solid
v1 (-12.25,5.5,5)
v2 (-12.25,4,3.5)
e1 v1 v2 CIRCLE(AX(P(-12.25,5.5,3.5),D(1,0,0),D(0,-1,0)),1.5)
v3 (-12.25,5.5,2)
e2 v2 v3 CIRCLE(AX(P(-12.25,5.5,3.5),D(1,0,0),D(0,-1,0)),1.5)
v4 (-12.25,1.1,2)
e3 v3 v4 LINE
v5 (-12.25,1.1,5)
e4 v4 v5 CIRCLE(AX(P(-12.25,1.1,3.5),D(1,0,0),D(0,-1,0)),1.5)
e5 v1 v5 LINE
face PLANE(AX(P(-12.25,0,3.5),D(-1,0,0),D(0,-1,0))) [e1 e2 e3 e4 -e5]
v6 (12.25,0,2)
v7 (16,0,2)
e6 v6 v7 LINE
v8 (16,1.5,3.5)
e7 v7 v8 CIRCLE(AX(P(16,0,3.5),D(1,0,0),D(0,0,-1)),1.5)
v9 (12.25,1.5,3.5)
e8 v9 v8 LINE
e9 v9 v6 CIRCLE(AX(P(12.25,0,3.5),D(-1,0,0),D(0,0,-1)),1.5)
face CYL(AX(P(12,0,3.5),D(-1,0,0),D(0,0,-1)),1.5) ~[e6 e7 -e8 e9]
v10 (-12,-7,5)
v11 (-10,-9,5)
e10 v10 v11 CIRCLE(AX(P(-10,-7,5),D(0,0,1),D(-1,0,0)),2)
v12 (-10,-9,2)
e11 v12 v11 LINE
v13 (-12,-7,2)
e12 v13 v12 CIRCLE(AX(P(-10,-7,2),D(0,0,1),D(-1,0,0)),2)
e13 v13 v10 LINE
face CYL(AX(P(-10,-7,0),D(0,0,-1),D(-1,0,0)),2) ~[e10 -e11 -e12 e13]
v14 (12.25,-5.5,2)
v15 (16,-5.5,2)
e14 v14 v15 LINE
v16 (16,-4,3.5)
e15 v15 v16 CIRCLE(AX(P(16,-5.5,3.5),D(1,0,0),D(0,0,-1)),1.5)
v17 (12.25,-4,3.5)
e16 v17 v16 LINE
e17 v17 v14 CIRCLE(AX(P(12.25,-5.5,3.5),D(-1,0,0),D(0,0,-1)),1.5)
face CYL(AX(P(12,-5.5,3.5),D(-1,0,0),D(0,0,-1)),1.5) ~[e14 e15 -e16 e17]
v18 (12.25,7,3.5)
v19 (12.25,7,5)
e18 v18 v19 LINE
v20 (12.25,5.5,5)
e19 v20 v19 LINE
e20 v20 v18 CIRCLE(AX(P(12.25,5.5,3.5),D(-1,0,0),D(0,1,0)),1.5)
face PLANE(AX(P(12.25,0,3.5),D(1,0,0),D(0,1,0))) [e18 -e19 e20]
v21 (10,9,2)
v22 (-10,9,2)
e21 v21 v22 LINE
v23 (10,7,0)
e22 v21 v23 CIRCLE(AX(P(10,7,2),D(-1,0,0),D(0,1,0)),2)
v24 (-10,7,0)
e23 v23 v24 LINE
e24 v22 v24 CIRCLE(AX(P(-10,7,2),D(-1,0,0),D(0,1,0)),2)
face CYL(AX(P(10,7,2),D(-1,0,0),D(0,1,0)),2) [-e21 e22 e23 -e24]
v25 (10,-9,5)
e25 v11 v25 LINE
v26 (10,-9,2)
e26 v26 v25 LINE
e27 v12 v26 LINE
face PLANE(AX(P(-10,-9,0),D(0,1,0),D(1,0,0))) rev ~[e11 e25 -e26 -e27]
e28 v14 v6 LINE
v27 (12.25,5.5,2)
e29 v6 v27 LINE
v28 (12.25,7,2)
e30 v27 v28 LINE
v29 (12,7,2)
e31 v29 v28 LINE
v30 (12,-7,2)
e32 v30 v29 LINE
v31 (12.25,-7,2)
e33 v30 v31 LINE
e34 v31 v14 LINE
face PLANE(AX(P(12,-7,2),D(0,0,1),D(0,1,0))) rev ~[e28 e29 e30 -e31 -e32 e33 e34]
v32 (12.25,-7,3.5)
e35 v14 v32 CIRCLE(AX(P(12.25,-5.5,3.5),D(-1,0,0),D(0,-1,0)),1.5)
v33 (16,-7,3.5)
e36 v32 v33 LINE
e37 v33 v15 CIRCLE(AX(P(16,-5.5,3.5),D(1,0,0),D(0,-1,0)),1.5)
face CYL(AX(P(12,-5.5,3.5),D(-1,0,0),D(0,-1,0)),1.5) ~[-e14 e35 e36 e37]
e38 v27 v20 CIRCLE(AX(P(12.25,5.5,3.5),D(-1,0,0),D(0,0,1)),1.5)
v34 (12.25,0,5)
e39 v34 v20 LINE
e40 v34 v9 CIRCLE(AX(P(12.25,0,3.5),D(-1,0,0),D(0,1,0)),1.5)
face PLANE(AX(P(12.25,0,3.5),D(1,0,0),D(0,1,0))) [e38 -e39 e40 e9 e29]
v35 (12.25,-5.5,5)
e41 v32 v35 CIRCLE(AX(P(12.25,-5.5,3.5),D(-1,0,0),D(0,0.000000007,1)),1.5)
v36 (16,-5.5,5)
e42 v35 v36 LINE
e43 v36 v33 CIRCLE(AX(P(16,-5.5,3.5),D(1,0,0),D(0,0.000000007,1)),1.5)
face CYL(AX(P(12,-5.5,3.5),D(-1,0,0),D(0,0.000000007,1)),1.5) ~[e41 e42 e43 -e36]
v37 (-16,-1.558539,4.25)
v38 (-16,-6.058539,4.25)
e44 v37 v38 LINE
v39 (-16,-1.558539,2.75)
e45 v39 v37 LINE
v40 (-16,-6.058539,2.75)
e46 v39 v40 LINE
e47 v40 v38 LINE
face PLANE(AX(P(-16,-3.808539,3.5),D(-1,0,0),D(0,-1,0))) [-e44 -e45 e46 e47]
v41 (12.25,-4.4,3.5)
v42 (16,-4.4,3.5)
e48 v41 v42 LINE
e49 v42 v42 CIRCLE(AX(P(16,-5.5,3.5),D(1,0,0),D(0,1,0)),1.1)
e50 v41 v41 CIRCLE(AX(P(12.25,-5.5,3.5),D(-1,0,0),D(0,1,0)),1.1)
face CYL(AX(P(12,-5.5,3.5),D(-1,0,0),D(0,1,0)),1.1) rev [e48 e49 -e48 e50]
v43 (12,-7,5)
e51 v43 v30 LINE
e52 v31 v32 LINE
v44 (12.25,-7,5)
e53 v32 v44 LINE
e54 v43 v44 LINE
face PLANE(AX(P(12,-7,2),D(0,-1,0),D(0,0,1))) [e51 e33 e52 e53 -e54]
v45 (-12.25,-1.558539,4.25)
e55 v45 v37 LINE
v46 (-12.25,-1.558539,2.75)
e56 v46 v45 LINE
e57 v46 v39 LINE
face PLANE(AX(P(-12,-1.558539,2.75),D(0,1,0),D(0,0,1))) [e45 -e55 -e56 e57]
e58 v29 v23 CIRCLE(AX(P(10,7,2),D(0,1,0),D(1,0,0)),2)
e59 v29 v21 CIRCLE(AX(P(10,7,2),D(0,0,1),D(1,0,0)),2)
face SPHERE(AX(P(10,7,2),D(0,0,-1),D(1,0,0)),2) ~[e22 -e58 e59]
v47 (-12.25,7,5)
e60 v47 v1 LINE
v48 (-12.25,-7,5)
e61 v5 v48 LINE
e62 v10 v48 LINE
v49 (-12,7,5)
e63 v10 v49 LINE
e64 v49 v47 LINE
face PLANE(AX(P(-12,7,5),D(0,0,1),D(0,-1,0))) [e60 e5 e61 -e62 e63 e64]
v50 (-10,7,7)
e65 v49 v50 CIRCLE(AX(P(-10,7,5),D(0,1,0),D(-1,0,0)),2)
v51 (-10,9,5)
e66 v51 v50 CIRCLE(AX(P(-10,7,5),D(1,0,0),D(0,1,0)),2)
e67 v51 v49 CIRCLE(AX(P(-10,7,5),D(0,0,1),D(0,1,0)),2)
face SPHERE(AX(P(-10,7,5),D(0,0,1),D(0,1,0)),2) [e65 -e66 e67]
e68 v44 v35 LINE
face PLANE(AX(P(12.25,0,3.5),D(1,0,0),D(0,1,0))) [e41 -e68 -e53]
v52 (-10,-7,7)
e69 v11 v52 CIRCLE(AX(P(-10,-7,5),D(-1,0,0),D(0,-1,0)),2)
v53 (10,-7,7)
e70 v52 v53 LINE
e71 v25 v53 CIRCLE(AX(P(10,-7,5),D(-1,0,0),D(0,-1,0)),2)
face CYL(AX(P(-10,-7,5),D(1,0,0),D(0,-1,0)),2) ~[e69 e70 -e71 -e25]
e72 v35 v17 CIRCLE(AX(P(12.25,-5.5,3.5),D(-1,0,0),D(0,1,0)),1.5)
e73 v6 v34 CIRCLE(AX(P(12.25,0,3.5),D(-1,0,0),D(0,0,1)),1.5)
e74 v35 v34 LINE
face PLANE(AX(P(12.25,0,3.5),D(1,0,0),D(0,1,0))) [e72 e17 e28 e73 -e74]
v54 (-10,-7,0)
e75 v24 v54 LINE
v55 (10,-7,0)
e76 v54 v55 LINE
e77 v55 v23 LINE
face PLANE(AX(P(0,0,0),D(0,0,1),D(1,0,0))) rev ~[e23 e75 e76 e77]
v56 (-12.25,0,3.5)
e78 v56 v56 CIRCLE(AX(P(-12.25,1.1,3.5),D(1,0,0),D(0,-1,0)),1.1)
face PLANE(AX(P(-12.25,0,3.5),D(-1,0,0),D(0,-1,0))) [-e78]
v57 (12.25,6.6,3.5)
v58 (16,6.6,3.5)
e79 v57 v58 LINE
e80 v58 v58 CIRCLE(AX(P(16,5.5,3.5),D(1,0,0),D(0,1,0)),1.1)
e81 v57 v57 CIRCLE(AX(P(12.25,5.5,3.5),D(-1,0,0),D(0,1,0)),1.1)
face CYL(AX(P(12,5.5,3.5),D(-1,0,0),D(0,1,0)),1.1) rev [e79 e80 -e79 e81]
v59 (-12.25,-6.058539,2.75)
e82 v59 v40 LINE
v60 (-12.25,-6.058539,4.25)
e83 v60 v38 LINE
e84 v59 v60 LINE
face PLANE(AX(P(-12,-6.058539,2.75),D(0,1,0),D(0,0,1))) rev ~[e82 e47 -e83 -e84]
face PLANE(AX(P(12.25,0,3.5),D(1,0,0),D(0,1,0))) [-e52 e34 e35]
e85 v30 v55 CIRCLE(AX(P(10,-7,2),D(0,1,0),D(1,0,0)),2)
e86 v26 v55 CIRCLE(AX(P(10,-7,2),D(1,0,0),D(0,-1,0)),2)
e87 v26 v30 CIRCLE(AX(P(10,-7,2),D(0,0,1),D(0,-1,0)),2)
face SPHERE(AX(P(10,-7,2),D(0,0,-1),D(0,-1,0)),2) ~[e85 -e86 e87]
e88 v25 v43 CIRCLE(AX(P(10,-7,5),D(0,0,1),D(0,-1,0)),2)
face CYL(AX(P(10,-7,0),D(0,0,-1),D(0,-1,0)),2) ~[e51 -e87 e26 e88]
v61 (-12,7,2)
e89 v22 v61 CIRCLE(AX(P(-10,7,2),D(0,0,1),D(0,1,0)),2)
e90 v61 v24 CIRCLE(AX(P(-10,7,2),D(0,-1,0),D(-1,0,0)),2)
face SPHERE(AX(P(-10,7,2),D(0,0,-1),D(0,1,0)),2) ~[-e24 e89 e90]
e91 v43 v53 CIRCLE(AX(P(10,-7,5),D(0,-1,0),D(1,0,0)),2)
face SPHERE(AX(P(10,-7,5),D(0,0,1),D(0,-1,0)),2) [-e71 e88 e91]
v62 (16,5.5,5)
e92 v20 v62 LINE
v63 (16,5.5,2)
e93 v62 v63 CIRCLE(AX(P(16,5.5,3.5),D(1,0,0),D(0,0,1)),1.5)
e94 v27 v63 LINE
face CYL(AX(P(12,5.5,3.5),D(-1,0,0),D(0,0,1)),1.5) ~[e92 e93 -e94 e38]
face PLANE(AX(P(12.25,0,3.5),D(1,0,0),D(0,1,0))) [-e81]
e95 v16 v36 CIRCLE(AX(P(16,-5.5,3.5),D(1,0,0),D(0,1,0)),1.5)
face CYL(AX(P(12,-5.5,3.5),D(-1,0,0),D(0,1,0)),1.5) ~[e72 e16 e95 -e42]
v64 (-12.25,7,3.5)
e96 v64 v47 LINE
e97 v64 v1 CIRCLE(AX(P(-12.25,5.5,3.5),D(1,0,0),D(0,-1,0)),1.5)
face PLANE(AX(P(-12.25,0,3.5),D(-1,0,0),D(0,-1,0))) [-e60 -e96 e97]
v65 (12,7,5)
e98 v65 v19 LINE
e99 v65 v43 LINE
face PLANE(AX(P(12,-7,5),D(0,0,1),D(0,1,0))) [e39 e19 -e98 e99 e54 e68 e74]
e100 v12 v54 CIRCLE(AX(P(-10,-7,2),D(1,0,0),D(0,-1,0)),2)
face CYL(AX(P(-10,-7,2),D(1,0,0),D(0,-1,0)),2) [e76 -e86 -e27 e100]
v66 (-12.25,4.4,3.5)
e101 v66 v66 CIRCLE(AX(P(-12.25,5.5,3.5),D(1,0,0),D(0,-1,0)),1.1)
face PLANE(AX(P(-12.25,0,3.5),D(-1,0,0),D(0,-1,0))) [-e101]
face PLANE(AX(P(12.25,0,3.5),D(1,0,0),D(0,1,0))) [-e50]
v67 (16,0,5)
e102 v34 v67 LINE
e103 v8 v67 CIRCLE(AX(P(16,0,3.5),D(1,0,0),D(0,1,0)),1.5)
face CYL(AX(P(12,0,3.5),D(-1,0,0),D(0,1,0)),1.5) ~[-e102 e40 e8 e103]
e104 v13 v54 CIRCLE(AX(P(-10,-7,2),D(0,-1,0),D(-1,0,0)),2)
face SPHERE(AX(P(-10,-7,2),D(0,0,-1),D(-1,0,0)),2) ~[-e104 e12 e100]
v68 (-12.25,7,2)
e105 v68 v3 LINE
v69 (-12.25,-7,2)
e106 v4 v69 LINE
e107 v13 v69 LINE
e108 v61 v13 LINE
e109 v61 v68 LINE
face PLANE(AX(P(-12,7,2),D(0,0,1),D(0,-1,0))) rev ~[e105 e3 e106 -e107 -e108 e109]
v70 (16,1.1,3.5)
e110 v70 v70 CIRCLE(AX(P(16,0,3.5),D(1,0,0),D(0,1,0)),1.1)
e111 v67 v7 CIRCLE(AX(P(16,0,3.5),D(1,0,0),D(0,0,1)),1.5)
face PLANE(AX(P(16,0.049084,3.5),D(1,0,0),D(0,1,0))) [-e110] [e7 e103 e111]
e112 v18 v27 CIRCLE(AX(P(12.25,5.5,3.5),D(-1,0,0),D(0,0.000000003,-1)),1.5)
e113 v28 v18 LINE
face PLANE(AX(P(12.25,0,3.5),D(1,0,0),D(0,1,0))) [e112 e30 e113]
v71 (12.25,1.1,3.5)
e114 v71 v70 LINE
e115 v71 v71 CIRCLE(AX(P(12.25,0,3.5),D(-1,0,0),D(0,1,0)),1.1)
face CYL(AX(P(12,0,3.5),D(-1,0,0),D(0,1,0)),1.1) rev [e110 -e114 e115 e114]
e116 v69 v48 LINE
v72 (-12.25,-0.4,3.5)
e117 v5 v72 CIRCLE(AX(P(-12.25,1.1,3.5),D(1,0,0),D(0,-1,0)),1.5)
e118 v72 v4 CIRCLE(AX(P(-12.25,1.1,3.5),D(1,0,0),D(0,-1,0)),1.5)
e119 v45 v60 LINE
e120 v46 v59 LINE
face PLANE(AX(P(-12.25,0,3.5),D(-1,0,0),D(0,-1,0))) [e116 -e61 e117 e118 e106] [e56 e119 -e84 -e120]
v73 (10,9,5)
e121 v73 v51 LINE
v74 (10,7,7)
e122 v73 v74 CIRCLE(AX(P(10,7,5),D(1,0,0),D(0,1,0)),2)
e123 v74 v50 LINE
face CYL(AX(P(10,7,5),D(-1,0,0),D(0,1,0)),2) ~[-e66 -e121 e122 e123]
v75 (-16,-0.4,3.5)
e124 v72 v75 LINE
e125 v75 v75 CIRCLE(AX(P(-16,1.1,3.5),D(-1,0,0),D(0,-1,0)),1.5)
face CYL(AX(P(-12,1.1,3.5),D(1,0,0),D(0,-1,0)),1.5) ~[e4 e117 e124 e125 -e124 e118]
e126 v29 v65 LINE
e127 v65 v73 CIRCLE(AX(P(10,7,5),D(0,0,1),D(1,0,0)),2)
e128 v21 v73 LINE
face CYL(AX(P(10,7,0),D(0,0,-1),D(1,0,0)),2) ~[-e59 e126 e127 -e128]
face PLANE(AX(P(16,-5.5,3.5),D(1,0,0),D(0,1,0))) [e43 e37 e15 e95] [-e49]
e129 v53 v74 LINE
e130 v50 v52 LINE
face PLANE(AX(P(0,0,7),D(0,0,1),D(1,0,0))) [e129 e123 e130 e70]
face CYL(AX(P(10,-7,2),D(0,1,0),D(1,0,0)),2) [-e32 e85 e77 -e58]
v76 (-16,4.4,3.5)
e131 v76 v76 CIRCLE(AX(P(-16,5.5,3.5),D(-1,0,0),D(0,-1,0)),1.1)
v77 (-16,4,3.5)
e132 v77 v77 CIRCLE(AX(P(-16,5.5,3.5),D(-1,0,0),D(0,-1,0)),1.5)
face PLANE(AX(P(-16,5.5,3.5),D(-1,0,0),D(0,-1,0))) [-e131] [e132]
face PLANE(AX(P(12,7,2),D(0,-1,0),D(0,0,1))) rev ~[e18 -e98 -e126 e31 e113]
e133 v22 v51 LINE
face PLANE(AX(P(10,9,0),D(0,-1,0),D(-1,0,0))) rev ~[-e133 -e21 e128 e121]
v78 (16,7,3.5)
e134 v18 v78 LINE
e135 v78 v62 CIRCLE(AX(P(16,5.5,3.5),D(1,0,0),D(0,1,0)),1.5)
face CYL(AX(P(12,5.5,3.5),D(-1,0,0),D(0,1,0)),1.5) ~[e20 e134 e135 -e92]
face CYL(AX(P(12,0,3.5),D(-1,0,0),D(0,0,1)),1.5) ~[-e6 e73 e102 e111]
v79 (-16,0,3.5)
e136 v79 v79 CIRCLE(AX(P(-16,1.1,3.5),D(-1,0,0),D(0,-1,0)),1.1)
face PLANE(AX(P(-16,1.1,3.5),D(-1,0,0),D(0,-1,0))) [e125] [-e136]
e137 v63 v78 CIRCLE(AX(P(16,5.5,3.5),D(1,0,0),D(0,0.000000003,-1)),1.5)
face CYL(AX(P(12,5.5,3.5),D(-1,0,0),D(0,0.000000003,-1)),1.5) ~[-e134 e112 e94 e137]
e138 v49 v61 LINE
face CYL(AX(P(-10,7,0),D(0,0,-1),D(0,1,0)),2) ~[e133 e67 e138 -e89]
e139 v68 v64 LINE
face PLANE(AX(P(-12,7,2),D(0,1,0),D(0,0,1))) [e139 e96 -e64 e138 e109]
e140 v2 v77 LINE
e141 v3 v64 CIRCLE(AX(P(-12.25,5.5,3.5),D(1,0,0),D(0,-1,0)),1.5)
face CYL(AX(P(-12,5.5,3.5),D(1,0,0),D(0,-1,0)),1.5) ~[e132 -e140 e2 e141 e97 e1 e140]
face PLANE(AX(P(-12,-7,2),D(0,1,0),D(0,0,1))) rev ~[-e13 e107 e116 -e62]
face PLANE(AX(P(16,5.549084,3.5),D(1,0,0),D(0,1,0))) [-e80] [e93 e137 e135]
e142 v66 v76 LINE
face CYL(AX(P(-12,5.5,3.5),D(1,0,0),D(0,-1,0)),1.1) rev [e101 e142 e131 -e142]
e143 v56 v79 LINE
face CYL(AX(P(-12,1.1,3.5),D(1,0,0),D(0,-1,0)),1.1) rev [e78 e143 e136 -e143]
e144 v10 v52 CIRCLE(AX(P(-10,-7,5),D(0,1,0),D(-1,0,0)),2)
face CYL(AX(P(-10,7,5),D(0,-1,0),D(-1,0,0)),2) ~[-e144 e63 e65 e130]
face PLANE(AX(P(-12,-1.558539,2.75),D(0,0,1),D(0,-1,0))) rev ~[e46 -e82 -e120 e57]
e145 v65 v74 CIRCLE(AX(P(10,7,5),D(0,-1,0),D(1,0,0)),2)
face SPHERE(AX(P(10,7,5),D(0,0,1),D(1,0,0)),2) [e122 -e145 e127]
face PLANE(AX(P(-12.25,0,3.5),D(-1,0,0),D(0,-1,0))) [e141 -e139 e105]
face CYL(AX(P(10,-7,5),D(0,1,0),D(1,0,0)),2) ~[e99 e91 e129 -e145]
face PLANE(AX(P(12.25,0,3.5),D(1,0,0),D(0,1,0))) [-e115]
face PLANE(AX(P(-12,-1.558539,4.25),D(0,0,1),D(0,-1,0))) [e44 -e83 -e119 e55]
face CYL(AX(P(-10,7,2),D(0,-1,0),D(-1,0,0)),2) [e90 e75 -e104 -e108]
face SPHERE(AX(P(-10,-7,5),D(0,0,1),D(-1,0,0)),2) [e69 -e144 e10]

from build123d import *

# Parameters (mm, degrees)
F1_DEPTH  = 7
F2_R      = 2
F3_R      = 1.1
F4_DEPTH  = 4
F5_R      = 1.5
F5_R_2    = 1.1
F6_DEPTH  = 4
F5_W      = 4.5
F5_H      = 1.5
F7_W      = 14
F7_H      = 3
F8_DEPTH  = 0.25
F9_W      = 14
F9_H      = 3
F10_DEPTH = 0.25


with BuildPart() as f1:
    # F0 (on Top) → F1 (new body)
    with BuildSketch(Plane.XY):
        with BuildLine():
            ThreePointArc((12, 7), (11.4142135624, 8.4142135624), (10, 9))
            Line((10, 9), (-10, 9))
            ThreePointArc((-10, 9), (-11.4142135624, 8.4142135624), (-12, 7))
            Line((-12, 7), (-12, -7))
            ThreePointArc((-12, -7), (-11.4142135624, -8.4142135624), (-10, -9))
            Line((-10, -9), (10, -9))
            ThreePointArc((10, -9), (11.4142135624, -8.4142135624), (12, -7))
            Line((12, -7), (12, 7))
        make_face()
    extrude(amount=F1_DEPTH)

    # F2
    f2_edges = [f1.edges().sort_by_distance(p)[0] for p in [
        (11.414214, 8.414214, 7),
        (0, 9, 7),
        (-11.414214, 8.414214, 7),
        (-12, 0, 7),
        (-11.414214, -8.414214, 7),
        (0, -9, 7),
        (11.414214, -8.414214, 7),
        (12, 0, 7),
        (11.414214, 8.414214, 0),
        (0, 9, 0),
        (-11.414214, 8.414214, 0),
        (-12, 0, 0),
        (-11.414214, -8.414214, 0),
        (0, -9, 0),
        (11.414214, -8.414214, 0),
        (12, 0, 0),
    ]]
    fillet(f2_edges, radius=F2_R)



with BuildPart() as f4:
    # F3 (on face) → F4 (new body)
    with BuildSketch(Plane.YZ.offset(12)):
        with BuildLine():
            ThreePointArc((-4, 3.5), (-4.4393398246, 4.5606601681), (-5.4999999897, 5))
            ThreePointArc((-5.4999999897, 5), (-6.5606601681, 4.5606601754), (-7, 3.5))
            ThreePointArc((-7, 3.5), (-6.5606601718, 2.4393398282), (-5.5, 2))
            ThreePointArc((-5.5, 2), (-4.4393398282, 2.4393398282), (-4, 3.5))
        make_face()
        with Locations((-5.5, 3.5)):
            Circle(F3_R, mode=Mode.SUBTRACT)
    extrude(amount=F4_DEPTH)


with BuildPart() as f4b:
    # F3 (on face) → F4, piece 2 (new body)
    with BuildSketch(Plane.YZ.offset(12)):
        with BuildLine():
            ThreePointArc((0, 2), (1.0606601718, 2.4393398282), (1.5, 3.5))
            ThreePointArc((1.5, 3.5), (1.0606601718, 4.5606601718), (0, 5))
            ThreePointArc((0, 5), (-1.5, 3.5), (0, 2))
        make_face()
        with Locations((0, 3.5)):
            Circle(F3_R, mode=Mode.SUBTRACT)
    extrude(amount=F4_DEPTH)


with BuildPart() as f4c:
    # F3 (on face) → F4, piece 3 (new body)
    with BuildSketch(Plane.YZ.offset(12)):
        with BuildLine():
            ThreePointArc((7, 3.5), (6.5606601718, 4.5606601718), (5.5, 5))
            ThreePointArc((5.5, 5), (4, 3.499999998), (5.5000000039, 2))
            ThreePointArc((5.5000000039, 2), (6.5606601732, 2.4393398296), (7, 3.5))
        make_face()
        with Locations((5.5, 3.5)):
            Circle(F3_R, mode=Mode.SUBTRACT)
    extrude(amount=F4_DEPTH)


with BuildPart() as f6:
    # F5 (on face) → F6 (new body)
    with BuildSketch(Plane(origin=(-12, 0, 0), x_dir=(0, -1, 0), z_dir=(-1, 0, 0))):
        with Locations((-5.5, 3.5)):
            Circle(F5_R)
        with Locations((-5.5, 3.5)):
            Circle(F5_R_2, mode=Mode.SUBTRACT)
    extrude(amount=F6_DEPTH)


with BuildPart() as f6b:
    # F5 (on face) → F6, piece 2 (new body)
    with BuildSketch(Plane(origin=(-12, 0, 0), x_dir=(0, -1, 0), z_dir=(-1, 0, 0))):
        with Locations((-1.1, 3.5)):
            Circle(F5_R)
        with Locations((-1.1, 3.5)):
            Circle(F5_R_2, mode=Mode.SUBTRACT)
    extrude(amount=F6_DEPTH)


with BuildPart() as f6c:
    # F5 (on face) → F6, piece 3 (new body)
    with BuildSketch(Plane(origin=(-12, 0, 0), x_dir=(0, -1, 0), z_dir=(-1, 0, 0))):
        with Locations((3.8085386623, 3.5)):
            Rectangle(F5_W, F5_H)
    extrude(amount=F6_DEPTH)


with BuildPart() as f1_1:
    add(f1.part)

    add(f4.part)  # F8 merges F4

    add(f4b.part)  # F8 merges F4b

    add(f4c.part)  # F8 merges F4c
    # F7 (on face) → F8 (join)
    with BuildSketch(Plane.YZ.offset(12)):
        with Locations((0, 3.5)):
            Rectangle(F7_W, F7_H)
    extrude(amount=F8_DEPTH)


    add(f6.part)  # F10 merges F6

    add(f6b.part)  # F10 merges F6b

    add(f6c.part)  # F10 merges F6c
    # F9 (on face) → F10 (join)
    with BuildSketch(Plane(origin=(-12, 0, 0), x_dir=(0, -1, 0), z_dir=(-1, 0, 0))):
        with Locations((0, 3.5)):
            Rectangle(F9_W, F9_H)
    extrude(amount=F10_DEPTH)


solid = f1_1.part
